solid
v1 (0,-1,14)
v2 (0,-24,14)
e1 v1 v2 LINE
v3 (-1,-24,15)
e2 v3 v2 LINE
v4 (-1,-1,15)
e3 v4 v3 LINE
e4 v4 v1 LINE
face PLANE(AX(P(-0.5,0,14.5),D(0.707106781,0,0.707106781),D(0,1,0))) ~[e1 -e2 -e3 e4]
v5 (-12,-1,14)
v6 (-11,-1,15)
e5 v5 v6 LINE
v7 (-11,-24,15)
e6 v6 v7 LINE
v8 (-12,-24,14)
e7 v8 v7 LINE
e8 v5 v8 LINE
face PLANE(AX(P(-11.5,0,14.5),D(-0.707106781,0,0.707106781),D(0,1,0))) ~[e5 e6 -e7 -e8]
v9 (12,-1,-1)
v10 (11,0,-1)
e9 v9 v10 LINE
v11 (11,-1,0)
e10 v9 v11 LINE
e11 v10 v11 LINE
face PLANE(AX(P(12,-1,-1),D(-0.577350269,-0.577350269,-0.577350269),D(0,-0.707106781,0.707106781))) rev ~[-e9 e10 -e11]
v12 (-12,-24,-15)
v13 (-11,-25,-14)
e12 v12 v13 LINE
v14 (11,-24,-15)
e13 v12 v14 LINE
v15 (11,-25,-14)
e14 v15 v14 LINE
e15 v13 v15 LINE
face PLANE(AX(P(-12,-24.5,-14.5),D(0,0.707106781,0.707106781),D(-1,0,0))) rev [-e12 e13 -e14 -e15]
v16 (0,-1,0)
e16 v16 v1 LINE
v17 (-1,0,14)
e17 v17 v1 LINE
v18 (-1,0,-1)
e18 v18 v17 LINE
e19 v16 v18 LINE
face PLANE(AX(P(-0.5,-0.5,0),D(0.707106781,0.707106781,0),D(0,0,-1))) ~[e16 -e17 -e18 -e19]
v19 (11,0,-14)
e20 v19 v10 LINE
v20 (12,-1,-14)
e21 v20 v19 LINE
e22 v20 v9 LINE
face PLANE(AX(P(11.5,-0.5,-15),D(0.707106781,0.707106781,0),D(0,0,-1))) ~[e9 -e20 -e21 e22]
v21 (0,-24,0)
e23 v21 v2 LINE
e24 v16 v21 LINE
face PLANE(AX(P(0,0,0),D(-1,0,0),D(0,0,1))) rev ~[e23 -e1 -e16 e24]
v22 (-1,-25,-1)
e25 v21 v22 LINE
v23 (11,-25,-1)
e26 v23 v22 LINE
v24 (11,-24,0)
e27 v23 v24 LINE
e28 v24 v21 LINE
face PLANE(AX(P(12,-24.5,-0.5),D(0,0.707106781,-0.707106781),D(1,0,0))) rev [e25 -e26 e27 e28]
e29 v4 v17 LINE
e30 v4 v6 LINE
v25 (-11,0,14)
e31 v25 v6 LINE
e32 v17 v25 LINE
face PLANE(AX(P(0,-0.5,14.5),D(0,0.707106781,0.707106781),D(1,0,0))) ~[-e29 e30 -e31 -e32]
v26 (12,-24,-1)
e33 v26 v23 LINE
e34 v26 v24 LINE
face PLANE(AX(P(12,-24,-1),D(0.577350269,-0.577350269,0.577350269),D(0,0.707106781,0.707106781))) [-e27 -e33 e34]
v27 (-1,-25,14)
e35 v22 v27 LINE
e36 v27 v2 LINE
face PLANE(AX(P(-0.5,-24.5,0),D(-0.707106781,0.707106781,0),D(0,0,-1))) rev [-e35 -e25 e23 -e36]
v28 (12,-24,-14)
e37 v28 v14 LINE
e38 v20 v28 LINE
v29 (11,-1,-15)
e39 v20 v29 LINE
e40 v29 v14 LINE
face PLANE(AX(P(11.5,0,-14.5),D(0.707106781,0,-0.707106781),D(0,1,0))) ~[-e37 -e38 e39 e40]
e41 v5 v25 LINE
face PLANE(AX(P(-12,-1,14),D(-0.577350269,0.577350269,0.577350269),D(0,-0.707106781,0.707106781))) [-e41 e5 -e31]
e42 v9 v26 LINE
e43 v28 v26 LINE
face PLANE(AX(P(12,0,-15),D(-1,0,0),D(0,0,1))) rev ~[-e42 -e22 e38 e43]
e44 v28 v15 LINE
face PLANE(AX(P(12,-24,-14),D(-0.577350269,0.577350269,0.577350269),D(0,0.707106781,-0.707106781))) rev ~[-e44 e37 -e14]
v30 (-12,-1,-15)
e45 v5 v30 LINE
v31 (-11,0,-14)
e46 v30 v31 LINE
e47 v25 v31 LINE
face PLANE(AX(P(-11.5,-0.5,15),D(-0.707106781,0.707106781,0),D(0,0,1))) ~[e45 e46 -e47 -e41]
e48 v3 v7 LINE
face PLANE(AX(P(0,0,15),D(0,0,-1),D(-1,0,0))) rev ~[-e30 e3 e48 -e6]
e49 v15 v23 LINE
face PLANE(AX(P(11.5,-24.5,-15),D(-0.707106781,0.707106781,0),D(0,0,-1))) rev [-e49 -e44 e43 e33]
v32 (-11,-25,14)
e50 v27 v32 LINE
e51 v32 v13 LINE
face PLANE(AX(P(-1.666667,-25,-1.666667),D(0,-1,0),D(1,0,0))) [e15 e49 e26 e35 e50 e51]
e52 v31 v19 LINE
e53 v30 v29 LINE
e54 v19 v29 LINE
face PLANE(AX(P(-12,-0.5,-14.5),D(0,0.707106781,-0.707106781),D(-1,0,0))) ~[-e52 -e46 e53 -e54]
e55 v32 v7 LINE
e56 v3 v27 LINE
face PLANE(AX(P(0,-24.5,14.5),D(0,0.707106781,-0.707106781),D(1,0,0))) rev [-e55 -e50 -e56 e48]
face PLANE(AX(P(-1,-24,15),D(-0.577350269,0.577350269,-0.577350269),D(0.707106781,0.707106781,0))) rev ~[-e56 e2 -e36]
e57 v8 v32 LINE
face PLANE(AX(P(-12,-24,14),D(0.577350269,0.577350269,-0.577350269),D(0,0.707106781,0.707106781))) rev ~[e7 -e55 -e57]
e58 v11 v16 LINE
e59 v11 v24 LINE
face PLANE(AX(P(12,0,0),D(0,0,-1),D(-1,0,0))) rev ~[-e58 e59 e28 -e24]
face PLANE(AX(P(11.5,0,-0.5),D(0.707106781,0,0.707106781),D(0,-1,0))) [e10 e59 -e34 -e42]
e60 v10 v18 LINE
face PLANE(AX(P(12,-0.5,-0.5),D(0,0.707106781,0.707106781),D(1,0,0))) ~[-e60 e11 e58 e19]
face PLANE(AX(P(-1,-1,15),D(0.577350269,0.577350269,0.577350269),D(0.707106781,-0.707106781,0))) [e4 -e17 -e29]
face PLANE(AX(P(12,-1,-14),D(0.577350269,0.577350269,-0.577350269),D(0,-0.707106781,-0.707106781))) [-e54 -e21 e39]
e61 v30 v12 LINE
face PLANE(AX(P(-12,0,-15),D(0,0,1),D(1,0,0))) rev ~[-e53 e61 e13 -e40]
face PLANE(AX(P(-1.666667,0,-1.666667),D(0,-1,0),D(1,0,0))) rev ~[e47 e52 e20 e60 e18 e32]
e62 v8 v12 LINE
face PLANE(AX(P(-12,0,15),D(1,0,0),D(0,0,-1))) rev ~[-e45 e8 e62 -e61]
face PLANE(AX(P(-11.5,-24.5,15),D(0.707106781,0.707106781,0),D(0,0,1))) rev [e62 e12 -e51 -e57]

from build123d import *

# Parameters (mm, degrees)
F1_DEPTH = 25
F2_SIZE  = 1


with BuildPart() as f1:
    # F0 (on Front) → F1 (new body)
    with BuildSketch(Plane.XZ):
        Polygon((12, 0), (0, 0), (0, 15), (-12, 15), (-12, -15), (12, -15), align=None)
    extrude(amount=F1_DEPTH)

    # F2
    f2_edges = [f1.edges().sort_by_distance(p)[0] for p in [
        (6, -25, 0),
        (0, -25, 7.5),
        (-6, -25, 15),
        (-12, -25, 0),
        (0, -25, -15),
        (12, -25, -7.5),
        (6, 0, 0),
        (0, 0, 7.5),
        (-6, 0, 15),
        (-12, 0, 0),
        (0, 0, -15),
        (12, 0, -7.5),
        (0, -12.5, 15),
        (-12, -12.5, 15),
        (12, -12.5, -15),
        (12, -12.5, 0),
    ]]
    chamfer(f2_edges, length=F2_SIZE)


solid = f1.part
